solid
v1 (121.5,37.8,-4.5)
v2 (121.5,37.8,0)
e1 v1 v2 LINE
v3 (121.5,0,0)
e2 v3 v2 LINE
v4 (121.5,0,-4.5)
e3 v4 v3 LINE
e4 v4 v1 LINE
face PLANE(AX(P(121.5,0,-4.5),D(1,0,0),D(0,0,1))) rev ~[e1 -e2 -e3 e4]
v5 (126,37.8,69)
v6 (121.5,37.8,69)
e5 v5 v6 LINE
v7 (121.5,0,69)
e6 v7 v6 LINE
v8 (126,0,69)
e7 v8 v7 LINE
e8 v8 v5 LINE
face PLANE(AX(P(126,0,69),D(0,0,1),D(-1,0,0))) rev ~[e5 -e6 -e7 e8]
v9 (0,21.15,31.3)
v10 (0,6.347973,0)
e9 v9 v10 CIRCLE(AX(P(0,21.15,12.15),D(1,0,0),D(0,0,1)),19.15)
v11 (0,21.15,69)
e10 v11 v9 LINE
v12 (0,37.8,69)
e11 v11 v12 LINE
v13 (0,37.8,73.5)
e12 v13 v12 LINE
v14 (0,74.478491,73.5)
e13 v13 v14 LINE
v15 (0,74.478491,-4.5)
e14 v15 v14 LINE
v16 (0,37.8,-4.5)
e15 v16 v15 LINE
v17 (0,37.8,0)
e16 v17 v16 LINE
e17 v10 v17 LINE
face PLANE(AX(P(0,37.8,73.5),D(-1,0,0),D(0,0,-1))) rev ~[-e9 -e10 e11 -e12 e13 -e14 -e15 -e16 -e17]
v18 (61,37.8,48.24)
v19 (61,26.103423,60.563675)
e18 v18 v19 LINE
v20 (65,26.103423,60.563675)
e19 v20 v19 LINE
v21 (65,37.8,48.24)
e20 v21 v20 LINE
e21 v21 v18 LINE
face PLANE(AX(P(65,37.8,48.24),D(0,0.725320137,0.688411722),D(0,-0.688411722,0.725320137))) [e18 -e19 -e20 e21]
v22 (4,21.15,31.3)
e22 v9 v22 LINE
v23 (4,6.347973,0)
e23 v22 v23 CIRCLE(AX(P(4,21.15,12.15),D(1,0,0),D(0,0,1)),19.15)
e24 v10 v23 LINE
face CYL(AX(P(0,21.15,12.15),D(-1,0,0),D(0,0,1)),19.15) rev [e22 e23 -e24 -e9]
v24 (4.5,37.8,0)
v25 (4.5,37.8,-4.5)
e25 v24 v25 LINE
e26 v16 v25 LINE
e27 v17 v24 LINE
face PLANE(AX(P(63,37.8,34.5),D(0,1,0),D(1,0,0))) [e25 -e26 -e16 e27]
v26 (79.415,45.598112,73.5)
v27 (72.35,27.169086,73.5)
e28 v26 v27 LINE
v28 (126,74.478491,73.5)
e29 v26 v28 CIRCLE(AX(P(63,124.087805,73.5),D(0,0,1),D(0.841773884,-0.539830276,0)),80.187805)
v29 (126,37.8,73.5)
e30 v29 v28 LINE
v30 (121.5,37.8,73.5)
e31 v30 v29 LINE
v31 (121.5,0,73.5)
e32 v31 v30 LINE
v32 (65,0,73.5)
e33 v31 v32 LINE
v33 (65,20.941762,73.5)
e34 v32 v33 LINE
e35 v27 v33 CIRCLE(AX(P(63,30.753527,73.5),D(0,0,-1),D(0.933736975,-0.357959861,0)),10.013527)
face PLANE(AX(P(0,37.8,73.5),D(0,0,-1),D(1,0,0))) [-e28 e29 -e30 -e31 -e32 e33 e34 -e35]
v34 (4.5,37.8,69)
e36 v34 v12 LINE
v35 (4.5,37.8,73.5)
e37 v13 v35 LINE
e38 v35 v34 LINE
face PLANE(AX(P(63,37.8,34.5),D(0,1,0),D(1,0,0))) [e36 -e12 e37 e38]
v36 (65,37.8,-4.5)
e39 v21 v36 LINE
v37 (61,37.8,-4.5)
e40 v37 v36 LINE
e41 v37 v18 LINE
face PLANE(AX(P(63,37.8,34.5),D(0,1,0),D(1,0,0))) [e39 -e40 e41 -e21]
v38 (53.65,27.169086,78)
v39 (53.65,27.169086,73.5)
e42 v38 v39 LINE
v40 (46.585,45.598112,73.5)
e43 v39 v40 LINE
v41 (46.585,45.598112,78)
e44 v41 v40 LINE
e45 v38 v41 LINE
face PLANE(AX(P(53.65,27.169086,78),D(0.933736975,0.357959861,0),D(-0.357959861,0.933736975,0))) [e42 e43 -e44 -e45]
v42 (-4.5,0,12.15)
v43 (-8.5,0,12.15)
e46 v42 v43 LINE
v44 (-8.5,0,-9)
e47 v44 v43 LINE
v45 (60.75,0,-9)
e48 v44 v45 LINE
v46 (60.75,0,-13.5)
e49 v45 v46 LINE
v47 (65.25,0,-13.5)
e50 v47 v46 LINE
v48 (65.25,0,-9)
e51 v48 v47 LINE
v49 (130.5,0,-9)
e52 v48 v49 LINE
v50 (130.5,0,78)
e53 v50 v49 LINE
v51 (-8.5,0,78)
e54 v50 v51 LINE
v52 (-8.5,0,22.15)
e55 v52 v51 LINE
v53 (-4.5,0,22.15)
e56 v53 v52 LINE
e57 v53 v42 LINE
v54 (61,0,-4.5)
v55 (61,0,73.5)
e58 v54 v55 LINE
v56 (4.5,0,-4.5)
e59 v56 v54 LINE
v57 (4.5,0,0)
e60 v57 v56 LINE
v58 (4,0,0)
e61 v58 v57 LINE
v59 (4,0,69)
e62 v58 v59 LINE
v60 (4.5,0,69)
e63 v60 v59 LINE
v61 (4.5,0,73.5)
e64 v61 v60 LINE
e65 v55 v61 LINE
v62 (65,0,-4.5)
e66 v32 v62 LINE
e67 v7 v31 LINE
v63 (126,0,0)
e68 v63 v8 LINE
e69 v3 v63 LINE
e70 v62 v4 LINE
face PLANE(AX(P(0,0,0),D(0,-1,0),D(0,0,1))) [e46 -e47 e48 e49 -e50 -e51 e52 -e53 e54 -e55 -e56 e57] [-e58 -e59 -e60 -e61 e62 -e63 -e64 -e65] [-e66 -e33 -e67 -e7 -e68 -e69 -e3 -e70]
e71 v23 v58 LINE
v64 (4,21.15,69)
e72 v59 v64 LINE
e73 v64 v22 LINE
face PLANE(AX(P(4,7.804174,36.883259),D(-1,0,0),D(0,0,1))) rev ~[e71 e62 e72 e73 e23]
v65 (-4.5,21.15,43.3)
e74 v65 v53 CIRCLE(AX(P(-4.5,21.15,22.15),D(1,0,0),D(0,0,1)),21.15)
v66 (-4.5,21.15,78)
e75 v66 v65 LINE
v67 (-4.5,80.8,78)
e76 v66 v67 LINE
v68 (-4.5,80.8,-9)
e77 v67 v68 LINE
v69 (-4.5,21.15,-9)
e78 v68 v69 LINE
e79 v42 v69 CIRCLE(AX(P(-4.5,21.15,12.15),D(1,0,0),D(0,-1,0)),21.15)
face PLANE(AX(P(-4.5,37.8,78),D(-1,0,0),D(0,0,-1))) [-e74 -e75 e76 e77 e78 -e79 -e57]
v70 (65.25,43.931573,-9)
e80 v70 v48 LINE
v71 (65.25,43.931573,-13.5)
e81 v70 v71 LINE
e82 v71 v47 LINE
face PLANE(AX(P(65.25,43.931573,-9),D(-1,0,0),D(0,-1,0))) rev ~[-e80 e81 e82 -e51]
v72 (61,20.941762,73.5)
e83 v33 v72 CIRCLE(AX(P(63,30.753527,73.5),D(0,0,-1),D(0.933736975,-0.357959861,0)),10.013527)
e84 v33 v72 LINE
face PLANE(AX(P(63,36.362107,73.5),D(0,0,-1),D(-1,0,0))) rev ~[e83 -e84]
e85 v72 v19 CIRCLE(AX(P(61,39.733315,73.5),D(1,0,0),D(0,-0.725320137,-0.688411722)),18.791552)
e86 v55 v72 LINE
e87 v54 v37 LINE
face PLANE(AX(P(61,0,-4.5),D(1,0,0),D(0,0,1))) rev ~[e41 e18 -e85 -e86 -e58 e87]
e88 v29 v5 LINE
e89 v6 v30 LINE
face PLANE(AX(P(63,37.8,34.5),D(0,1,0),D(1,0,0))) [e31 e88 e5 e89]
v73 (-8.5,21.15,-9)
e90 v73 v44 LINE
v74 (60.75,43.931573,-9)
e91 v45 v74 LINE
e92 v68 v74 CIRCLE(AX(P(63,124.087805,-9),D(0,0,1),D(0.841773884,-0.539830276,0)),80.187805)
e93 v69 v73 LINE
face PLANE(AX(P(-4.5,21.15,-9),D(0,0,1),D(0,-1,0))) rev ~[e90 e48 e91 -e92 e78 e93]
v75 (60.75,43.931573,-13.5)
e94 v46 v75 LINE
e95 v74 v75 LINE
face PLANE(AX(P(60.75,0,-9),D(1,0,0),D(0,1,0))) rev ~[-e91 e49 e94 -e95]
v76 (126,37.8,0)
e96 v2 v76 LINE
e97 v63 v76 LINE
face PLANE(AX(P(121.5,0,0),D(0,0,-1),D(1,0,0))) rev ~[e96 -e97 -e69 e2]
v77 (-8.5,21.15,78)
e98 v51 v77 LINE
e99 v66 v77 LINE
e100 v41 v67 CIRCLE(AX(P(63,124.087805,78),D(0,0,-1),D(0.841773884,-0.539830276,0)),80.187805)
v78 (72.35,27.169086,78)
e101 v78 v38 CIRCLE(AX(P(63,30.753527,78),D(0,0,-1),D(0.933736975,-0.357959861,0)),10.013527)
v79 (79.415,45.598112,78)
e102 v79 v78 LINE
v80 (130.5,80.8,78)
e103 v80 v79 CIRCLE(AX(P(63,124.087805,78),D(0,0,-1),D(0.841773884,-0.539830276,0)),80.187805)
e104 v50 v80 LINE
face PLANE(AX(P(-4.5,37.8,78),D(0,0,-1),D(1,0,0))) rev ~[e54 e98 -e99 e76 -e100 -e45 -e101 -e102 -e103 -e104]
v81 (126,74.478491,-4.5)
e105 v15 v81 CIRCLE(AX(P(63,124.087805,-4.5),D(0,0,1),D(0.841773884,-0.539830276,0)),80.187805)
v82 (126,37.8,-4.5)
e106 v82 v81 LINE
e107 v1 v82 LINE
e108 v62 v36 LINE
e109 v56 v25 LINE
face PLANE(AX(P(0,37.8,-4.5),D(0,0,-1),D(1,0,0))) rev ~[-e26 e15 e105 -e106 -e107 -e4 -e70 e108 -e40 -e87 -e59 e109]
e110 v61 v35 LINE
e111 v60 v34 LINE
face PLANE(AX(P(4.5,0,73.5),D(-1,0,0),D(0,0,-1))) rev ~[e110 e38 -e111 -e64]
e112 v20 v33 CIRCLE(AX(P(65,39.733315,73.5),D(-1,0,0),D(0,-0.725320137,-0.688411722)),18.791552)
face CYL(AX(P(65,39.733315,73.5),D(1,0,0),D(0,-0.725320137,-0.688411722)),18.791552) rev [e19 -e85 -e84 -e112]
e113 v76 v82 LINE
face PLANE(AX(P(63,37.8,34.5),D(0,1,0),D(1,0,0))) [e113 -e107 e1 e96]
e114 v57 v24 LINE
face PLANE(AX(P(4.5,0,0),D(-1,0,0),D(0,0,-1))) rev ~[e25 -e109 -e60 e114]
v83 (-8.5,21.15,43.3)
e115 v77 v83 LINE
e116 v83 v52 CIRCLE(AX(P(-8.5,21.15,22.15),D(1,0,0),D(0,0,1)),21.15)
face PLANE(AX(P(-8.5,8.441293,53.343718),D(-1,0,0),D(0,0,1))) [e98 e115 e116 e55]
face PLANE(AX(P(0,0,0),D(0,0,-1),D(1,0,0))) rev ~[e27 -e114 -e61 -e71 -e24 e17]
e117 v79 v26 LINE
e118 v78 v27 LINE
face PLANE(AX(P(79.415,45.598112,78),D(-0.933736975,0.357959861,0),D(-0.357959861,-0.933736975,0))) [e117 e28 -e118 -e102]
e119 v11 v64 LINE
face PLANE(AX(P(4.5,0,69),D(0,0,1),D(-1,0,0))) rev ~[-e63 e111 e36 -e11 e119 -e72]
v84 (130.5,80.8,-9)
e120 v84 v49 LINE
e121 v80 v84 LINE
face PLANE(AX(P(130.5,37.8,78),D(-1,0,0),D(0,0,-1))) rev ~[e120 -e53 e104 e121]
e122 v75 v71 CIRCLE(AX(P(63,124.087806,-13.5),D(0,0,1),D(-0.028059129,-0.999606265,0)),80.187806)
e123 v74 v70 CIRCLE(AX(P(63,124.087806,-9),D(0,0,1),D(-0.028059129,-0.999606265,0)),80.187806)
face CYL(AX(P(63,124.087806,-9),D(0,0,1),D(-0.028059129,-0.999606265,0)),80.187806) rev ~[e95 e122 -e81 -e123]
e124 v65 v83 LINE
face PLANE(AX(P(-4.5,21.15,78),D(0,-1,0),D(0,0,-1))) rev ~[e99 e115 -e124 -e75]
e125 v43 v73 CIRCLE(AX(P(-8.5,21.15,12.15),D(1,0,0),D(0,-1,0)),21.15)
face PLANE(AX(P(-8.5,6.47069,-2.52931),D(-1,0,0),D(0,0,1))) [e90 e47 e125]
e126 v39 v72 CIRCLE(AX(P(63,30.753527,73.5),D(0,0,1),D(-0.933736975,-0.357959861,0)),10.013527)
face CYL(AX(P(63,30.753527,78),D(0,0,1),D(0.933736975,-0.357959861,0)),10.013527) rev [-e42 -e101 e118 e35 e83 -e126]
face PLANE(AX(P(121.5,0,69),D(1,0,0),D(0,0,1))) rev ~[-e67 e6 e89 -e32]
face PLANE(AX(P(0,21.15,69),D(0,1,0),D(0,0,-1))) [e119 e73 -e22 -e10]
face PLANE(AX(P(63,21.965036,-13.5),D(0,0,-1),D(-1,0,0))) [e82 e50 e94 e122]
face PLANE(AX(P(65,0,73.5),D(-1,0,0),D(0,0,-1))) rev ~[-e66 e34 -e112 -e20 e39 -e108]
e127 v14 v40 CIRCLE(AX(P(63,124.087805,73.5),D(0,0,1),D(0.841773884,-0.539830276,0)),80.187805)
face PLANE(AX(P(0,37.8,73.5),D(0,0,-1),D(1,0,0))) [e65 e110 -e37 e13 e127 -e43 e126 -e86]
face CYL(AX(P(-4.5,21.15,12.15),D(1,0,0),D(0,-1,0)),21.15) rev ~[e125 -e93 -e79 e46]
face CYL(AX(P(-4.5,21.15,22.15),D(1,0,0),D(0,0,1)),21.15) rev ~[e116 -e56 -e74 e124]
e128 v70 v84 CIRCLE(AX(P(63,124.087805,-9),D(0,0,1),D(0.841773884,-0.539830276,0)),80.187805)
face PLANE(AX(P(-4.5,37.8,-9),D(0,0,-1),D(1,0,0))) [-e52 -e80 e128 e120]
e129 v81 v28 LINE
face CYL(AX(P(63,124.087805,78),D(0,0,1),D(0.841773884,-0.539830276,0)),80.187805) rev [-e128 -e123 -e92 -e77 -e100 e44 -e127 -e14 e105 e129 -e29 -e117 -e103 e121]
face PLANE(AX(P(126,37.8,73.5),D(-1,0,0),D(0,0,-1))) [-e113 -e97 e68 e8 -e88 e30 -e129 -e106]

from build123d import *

# Parameters (mm, degrees)
SKETCH_1_W          = 135
SKETCH_1_H          = 87
EXTRUDE_1_DEPTH     = 37.8
SKETCH_2_W          = 135
SKETCH_2_H          = 87
SKETCH_2_W_2        = 126
SKETCH_2_H_2        = 78
EXTRUDE_2_DEPTH     = 43
CUT_EXTRUDE_1_DEPTH = 177.430978006
CUT_EXTRUDE_2_DEPTH = 4.5
CUT_EXTRUDE_3_DEPTH = 4.5
EXTRUDE_3_DEPTH     = 4.5
EXTRUDE_4_DEPTH     = 4
EXTRUDE_5_DEPTH     = 4


with BuildPart() as part:
    # 草图1 → 凸台-拉伸1 (new body)
    with BuildSketch(Plane(origin=(0, 0, 0), x_dir=(1, 0, 0), z_dir=(0, 1, 0))):
        with Locations((63, -34.5)):
            Rectangle(SKETCH_1_W, SKETCH_1_H)
        Polygon((0, 0), (4.5, 0), (4.5, 4.5), (61, 4.5), (61, -73.5), (4.5, -73.5), (4.5, -69), (0, -69), align=None, mode=Mode.SUBTRACT)
        Polygon((121.5, 4.5), (121.5, 0), (126, 0), (126, -69), (121.5, -69), (121.5, -73.5), (65, -73.5), (65, 4.5), align=None, mode=Mode.SUBTRACT)
    extrude(amount=EXTRUDE_1_DEPTH)

    # 草图2 → 凸台-拉伸2 (add)
    with BuildSketch(Plane(origin=(0, 37.8, 0), x_dir=(1, 0, 0), z_dir=(0, 1, 0))):
        with Locations((63, -34.5)):
            Rectangle(SKETCH_2_W, SKETCH_2_H)
        with Locations((63, -34.5)):
            Rectangle(SKETCH_2_W_2, SKETCH_2_H_2, mode=Mode.SUBTRACT)
    extrude(amount=EXTRUDE_2_DEPTH)

    # 草图3 → 切除-拉伸1 (cut, through all)
    with BuildSketch(Plane.XY.offset(78)):
        with BuildLine():
            Line((-4.5, 80.8), (130.5, 80.8))
            ThreePointArc((130.5, 80.8), (63, 43.9), (-4.5, 80.8))
        make_face()
    extrude(amount=-CUT_EXTRUDE_1_DEPTH, mode=Mode.SUBTRACT)

    # 草图4 → 切除-拉伸2 (cut)
    with BuildSketch(Plane.XY.offset(78)):
        with BuildLine():
            Line((53.65, 27.169085989), (46.585, 45.598112395))
            Line((46.585, 45.598112395), (79.415, 45.598112395))
            Line((79.415, 45.598112395), (72.35, 27.169085989))
            ThreePointArc((72.35, 27.169085989), (63, 20.74), (53.65, 27.169085989))
        make_face()
    extrude(amount=-CUT_EXTRUDE_2_DEPTH, mode=Mode.SUBTRACT)

    # 草图5 → 切除-拉伸3 (cut)
    with BuildSketch(Plane(origin=(65, 0, 0), x_dir=(0, 0, -1), z_dir=(1, 0, 0))):
        with BuildLine():
            Line((-73.5, 37.8), (-48.24, 37.8))
            Line((-48.24, 37.8), (-60.563675282, 26.103423436))
            ThreePointArc((-60.563675282, 26.103423436), (-66.535963079, 22.279815799), (-73.5, 20.94176249))
            Line((-73.5, 20.94176249), (-73.5, 37.8))
        make_face()
    extrude(amount=-CUT_EXTRUDE_3_DEPTH, mode=Mode.SUBTRACT)

    # 草图6 → 凸台-拉伸3 (add)
    with BuildSketch(Plane(origin=(0, 0, -9), x_dir=(-1, 0, 0), z_dir=(0, 0, -1))):
        with BuildLine():
            Line((-65.25, 0), (-60.75, 0))
            Line((-60.75, 0), (-60.75, 43.931572736))
            ThreePointArc((-60.75, 43.931572736), (-63, 43.9), (-65.25, 43.931572736))
            Line((-65.25, 43.931572736), (-65.25, 0))
        make_face()
    extrude(amount=EXTRUDE_3_DEPTH)

    # 草图7 → 凸台-拉伸4 (add)
    with BuildSketch(Plane.ZY.offset(4.5)):
        with BuildLine():
            Line((-9, 0), (12.15, 0))
            ThreePointArc((12.15, 0), (-2.805308422, 6.194691578), (-9, 21.15))
            Line((-9, 21.15), (-9, 0))
        make_face()
        with BuildLine():
            Line((78, 0), (78, 21.15))
            Line((78, 21.15), (43.3, 21.15))
            ThreePointArc((43.3, 21.15), (37.105308422, 6.194691578), (22.15, 0))
            Line((22.15, 0), (78, 0))
        make_face()
    extrude(amount=EXTRUDE_4_DEPTH)

    # 草图8 → 凸台-拉伸5 (add)
    with BuildSketch(Plane(origin=(0, 0, 0), x_dir=(0, 0, -1), z_dir=(1, 0, 0))):
        with BuildLine():
            Line((0, 6.347973112), (0, 0))
            Line((0, 0), (-31.3, 0))
            Line((-31.3, 0), (-69, 0))
            Line((-69, 0), (-69, 21.15))
            Line((-69, 21.15), (-31.3, 21.15))
            ThreePointArc((-31.3, 21.15), (-20.336879747, 3.83822655), (0, 6.347973112))
        make_face()
    extrude(amount=EXTRUDE_5_DEPTH)


solid = part.part
